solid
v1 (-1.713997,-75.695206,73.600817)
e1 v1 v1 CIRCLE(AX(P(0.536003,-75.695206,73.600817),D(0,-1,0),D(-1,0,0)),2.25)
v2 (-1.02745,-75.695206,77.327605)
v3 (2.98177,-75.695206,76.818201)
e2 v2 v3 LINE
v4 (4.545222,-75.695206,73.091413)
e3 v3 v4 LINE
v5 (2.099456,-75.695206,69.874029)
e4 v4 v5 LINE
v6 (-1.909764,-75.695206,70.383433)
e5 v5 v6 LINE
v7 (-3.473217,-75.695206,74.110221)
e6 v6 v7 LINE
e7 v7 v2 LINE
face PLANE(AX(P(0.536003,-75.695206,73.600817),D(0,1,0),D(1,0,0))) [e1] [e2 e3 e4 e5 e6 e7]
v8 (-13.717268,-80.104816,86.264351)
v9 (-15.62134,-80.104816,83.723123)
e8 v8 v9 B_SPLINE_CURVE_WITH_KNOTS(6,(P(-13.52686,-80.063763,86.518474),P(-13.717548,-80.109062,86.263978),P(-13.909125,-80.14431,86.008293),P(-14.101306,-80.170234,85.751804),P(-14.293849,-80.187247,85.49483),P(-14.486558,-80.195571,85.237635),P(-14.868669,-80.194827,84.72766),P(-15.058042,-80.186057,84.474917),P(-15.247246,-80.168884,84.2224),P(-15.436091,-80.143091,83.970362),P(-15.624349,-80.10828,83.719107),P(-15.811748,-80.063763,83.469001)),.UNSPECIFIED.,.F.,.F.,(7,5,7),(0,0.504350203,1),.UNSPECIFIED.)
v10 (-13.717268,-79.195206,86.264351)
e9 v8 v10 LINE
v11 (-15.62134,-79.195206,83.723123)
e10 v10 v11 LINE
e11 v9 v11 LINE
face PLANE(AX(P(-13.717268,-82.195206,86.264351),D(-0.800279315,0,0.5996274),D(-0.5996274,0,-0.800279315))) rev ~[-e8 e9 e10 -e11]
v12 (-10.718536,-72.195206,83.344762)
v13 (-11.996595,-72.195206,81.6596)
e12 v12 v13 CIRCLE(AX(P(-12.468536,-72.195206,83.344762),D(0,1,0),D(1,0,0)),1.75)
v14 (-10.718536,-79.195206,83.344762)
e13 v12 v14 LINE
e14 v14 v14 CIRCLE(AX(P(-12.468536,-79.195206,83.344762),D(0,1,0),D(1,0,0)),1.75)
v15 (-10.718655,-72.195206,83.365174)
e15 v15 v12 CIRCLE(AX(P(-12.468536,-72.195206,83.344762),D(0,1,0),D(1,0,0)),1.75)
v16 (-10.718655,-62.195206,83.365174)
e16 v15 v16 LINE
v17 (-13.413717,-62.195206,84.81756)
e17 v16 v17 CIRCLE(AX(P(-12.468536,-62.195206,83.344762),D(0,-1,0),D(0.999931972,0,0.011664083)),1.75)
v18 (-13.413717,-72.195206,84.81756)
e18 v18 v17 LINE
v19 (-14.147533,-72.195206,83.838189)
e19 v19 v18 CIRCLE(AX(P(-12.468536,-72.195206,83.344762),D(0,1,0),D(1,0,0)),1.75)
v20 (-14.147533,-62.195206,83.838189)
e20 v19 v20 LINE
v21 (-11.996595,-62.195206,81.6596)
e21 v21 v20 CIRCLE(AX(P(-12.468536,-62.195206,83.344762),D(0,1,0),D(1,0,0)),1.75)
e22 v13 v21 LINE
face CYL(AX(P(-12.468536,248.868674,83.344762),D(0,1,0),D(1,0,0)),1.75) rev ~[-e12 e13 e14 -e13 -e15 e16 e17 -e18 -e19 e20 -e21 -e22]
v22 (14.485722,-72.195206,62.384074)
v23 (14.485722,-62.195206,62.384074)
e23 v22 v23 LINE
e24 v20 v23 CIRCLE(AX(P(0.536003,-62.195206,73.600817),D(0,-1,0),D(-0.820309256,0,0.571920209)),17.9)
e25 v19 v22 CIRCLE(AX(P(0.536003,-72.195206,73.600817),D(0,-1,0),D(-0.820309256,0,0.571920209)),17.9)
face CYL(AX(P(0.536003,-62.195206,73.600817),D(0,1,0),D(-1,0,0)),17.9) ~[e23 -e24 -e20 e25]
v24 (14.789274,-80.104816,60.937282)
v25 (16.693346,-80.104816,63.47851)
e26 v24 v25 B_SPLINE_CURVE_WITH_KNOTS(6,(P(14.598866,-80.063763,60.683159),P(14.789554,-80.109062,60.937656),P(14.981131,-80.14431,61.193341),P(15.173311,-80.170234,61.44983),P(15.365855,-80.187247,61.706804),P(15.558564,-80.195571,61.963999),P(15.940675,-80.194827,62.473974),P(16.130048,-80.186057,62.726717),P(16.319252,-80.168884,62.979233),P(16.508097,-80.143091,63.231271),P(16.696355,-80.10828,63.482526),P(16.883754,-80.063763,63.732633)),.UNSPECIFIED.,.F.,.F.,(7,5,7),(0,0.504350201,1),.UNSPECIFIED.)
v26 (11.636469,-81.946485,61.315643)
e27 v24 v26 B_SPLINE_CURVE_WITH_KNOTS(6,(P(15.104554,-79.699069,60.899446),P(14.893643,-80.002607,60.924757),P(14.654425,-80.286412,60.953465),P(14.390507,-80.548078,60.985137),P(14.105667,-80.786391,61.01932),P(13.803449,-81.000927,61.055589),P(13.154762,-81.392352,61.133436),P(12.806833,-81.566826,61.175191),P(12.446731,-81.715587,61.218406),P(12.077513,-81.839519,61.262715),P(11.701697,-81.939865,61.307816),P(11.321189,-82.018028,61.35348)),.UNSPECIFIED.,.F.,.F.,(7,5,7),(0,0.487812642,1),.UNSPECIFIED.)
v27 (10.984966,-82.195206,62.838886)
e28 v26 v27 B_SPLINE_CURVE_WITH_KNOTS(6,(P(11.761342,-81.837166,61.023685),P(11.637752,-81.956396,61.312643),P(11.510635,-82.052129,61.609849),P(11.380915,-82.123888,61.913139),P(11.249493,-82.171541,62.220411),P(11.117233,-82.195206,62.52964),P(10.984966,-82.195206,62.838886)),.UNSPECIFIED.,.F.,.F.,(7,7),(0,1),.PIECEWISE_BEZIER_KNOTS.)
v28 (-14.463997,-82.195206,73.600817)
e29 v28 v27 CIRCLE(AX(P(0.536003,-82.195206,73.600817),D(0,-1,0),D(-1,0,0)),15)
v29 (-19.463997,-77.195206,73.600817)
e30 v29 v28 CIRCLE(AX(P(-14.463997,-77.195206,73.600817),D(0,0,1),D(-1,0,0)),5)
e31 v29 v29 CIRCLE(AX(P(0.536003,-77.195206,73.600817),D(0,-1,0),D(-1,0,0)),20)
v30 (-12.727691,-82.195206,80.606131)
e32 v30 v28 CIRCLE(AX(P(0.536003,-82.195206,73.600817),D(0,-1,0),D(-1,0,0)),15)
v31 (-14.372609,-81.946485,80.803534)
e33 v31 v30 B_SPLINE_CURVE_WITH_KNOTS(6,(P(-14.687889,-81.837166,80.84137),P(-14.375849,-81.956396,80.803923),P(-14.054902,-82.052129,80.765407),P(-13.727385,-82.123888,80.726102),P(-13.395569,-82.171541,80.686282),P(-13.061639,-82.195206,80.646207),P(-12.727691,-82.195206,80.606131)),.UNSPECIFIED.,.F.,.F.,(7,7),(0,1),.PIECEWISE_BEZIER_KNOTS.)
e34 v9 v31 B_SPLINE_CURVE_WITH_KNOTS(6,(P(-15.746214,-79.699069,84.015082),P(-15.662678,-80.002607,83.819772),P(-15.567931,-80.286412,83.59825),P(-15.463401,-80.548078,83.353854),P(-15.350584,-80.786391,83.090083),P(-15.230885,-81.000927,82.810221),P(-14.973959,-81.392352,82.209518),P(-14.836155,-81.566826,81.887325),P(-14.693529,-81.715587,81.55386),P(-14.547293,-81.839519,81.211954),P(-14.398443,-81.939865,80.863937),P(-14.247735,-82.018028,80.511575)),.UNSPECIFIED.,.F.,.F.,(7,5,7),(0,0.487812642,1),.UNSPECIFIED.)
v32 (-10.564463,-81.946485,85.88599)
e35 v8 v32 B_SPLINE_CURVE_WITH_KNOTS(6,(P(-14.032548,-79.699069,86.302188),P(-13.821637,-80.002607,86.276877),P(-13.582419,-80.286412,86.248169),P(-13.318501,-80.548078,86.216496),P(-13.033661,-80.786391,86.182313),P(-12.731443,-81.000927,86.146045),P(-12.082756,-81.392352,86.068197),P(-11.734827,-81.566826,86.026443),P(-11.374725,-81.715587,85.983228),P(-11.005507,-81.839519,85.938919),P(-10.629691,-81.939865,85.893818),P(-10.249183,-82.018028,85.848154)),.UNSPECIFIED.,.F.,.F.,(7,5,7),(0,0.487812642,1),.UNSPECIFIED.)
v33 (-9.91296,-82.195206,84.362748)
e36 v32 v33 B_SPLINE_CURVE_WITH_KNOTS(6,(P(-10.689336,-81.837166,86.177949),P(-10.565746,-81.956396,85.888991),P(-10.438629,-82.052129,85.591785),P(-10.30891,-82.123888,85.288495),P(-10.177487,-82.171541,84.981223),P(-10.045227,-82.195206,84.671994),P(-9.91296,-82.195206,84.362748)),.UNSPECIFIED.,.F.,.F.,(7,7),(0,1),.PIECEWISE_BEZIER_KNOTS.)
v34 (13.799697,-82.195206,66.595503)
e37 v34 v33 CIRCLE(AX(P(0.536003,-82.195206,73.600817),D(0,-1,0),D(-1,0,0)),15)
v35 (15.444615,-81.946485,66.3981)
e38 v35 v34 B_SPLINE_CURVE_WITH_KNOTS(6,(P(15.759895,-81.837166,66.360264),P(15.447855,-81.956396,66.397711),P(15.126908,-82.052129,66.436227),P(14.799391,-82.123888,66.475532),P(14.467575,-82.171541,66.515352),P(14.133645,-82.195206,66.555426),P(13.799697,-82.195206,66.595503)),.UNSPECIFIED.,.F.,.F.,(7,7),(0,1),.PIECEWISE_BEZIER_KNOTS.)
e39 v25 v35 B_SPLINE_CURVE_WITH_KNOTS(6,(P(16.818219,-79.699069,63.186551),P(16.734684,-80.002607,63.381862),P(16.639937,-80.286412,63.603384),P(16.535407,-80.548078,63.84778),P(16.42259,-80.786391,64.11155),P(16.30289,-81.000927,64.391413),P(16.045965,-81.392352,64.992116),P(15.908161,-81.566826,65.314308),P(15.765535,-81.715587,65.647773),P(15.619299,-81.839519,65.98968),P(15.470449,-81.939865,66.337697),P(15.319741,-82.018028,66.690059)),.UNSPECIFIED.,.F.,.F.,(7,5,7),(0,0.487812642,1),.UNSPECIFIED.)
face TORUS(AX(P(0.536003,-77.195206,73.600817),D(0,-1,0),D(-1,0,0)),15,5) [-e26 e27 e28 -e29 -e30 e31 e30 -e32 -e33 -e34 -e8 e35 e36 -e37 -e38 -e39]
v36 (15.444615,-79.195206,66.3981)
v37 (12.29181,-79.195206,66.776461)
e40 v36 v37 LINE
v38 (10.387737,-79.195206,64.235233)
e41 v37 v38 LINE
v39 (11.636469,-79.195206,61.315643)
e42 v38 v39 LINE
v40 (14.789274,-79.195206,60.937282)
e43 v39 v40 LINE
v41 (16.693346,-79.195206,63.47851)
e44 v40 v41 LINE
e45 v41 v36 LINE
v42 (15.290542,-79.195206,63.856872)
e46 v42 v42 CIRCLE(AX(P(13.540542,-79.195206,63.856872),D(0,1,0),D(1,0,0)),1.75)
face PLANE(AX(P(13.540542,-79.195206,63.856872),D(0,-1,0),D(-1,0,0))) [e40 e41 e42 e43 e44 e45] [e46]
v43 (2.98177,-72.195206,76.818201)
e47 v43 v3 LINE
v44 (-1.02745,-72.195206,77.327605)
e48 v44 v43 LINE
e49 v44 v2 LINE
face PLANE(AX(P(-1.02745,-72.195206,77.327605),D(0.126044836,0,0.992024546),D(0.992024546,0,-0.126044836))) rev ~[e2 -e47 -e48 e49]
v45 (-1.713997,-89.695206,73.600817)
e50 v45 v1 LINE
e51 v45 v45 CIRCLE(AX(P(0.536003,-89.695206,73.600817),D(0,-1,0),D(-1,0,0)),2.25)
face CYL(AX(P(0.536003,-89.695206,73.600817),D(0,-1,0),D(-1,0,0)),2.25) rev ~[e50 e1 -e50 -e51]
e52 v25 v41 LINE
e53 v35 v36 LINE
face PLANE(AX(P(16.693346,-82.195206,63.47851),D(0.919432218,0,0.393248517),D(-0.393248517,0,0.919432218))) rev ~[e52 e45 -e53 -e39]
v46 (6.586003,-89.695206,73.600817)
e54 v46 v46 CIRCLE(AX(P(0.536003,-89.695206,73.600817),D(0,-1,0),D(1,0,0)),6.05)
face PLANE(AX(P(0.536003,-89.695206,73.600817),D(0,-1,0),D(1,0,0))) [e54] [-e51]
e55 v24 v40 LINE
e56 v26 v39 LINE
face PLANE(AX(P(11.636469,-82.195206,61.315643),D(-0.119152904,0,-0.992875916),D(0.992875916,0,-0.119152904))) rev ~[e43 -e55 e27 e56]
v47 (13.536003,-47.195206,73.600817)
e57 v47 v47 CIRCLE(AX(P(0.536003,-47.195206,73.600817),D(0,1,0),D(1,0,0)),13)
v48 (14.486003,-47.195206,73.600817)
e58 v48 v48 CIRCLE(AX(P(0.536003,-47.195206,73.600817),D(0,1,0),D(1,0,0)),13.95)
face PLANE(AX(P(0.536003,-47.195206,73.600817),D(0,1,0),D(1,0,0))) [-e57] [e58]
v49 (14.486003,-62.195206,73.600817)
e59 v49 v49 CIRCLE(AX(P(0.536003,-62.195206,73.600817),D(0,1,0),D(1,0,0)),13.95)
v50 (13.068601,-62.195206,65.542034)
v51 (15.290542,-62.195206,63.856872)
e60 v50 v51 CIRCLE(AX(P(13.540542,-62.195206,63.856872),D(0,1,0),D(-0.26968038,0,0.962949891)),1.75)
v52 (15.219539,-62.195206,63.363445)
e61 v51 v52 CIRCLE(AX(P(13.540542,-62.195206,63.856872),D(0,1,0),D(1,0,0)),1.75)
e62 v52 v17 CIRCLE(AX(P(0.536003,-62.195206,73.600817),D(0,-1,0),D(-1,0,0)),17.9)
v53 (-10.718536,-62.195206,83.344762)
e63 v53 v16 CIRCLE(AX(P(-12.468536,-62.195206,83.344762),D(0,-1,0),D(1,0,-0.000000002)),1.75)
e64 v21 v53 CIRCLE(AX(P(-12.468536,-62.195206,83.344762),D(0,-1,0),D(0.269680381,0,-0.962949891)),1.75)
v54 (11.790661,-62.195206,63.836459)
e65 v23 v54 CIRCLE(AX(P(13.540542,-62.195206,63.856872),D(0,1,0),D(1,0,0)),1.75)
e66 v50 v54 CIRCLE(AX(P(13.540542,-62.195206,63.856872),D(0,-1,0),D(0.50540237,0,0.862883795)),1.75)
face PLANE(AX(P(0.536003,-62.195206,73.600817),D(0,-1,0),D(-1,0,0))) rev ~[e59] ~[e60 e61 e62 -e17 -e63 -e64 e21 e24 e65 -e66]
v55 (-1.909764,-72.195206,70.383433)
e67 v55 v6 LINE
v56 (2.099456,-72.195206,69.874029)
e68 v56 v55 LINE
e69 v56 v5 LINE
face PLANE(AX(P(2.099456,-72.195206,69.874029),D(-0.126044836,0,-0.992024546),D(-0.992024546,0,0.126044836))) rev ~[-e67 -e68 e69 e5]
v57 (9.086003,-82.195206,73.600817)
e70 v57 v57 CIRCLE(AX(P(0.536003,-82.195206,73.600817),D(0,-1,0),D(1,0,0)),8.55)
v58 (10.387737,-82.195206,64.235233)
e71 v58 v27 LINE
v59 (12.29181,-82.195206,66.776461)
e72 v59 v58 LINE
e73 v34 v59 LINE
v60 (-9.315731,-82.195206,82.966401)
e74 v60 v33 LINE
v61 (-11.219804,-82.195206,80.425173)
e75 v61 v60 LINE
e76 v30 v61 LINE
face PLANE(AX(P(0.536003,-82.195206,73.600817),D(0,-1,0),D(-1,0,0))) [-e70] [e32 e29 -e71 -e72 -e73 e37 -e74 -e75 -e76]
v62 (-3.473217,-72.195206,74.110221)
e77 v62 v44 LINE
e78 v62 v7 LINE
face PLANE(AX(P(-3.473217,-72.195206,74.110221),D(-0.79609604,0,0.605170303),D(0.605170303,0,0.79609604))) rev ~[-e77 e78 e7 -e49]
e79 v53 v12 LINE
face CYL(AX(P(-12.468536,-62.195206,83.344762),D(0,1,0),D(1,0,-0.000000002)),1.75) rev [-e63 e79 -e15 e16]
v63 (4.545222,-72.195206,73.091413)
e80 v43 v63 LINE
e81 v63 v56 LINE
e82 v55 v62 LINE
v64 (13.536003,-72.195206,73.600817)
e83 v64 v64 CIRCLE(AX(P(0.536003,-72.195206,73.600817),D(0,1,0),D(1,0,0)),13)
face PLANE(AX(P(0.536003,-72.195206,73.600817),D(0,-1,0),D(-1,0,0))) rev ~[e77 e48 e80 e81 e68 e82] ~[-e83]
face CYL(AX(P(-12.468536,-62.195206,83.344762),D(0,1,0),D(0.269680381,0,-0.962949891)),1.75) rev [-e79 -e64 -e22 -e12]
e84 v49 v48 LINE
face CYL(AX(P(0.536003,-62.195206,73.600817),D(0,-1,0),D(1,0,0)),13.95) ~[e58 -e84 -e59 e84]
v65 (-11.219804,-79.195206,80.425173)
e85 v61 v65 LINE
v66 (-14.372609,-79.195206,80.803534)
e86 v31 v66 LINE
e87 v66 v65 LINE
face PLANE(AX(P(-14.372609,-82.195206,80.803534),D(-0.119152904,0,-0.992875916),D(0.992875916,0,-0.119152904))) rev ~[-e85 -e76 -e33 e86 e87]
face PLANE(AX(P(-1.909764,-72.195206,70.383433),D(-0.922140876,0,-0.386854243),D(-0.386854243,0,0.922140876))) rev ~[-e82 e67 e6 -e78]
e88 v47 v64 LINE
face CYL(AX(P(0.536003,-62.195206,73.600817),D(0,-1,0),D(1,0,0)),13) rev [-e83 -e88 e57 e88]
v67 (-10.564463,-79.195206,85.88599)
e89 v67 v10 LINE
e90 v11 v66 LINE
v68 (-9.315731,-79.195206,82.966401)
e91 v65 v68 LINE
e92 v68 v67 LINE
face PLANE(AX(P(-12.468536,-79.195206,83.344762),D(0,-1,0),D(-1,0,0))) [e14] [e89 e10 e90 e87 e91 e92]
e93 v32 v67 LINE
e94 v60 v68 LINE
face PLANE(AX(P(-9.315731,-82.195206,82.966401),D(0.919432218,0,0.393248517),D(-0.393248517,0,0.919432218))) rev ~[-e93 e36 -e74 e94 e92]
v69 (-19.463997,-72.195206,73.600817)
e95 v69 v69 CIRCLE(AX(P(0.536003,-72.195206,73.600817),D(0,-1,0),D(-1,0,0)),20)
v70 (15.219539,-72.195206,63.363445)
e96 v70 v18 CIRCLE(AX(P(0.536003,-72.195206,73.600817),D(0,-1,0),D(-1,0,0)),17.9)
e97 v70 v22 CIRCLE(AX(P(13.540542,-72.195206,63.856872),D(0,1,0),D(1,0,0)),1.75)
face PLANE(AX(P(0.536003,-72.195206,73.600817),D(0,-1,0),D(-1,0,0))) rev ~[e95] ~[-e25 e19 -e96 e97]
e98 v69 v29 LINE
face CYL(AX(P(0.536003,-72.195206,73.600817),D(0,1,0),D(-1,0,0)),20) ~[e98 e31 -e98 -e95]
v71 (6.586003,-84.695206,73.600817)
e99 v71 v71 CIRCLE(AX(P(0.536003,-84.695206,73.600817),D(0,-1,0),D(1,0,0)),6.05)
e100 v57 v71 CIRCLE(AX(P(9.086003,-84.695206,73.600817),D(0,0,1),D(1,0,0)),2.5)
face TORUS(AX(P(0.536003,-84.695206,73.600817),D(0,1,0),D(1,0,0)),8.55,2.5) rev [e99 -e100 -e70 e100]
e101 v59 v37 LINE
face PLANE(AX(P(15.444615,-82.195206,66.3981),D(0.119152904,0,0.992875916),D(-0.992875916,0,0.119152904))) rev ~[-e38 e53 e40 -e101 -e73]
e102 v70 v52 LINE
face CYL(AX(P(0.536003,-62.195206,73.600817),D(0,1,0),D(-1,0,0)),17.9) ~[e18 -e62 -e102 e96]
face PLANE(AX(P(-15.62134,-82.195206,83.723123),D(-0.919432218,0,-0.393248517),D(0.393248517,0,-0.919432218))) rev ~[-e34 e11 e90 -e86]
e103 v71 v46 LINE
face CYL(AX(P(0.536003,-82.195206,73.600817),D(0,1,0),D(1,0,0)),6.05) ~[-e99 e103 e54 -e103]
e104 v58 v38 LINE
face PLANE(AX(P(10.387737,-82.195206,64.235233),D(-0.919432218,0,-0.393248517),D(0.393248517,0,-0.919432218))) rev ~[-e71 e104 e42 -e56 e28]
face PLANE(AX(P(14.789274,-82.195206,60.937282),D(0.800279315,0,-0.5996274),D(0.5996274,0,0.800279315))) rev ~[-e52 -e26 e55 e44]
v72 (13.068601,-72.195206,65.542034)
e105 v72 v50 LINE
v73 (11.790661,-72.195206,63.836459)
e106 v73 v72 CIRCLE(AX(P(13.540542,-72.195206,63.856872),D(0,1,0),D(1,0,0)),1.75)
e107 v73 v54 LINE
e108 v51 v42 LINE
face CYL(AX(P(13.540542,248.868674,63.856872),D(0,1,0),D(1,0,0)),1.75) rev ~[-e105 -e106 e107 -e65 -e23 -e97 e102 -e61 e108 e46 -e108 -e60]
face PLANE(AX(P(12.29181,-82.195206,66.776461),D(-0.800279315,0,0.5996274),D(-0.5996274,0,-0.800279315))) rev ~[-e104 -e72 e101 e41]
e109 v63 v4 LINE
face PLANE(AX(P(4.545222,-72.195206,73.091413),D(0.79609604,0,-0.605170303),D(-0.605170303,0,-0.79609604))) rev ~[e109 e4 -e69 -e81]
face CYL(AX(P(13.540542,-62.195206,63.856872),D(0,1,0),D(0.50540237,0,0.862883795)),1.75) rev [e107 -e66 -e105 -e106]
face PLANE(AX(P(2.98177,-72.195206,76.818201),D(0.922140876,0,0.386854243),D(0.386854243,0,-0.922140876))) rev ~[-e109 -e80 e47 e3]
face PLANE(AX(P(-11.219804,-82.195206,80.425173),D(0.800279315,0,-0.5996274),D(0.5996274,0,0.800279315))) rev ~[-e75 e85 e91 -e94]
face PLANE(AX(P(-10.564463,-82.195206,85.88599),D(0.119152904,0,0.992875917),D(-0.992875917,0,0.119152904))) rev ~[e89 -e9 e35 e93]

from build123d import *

# Parameters (mm, degrees)
SKETCH1_R               = 17.9
SKETCH1_R_2             = 14.9
BOSS_EXTRUDE1_DEPTH     = 10
SKETCH2_R               = 20
BOSS_EXTRUDE2_DEPTH     = 10
FILLET1_R               = 5
SKETCH3_R               = 1.75
CUT_EXTRUDE1_DEPTH      = 1
CUT_EXTRUDE1_DEPTH_BACK = 332.06387935
CUT_EXTRUDE3_DEPTH      = 3
SKETCH8_R               = 13
BOSS_EXTRUDE3_DEPTH     = 10
SKETCH9_R               = 6.05
BOSS_EXTRUDE4_DEPTH     = 7.5
FILLET2_R               = 2.5
SKETCH11_R              = 2.25
CUT_EXTRUDE4_DEPTH      = 17.5
CUT_EXTRUDE5_DEPTH      = 3.5
SKETCH13_R              = 13.95
SKETCH13_R_2            = 13
BOSS_EXTRUDE5_DEPTH     = 15


with BuildPart() as part:
    # Sketch1 → Boss-Extrude1 (new body)
    with BuildSketch(Plane(origin=(0, -62.195205507, 0), x_dir=(-1, 0, 0), z_dir=(0, -1, 0))):
        with Locations((-0.536002938, -73.600816835)):
            Circle(SKETCH1_R)
        with Locations((-0.536002938, -73.600816835)):
            Circle(SKETCH1_R_2, mode=Mode.SUBTRACT)
    extrude(amount=BOSS_EXTRUDE1_DEPTH)

    # Sketch2 → Boss-Extrude2 (add)
    with BuildSketch(Plane(origin=(0, -72.195205507, 0), x_dir=(-1, 0, 0), z_dir=(0, -1, 0))):
        with Locations((-0.536002938, -73.600816835)):
            Circle(SKETCH2_R)
    extrude(amount=BOSS_EXTRUDE2_DEPTH)

    # Fillet1
    fillet1_edges = [part.edges().sort_by_distance(p)[0] for p in [
        (20.536002938, -82.195205507, 73.600816835),
    ]]
    fillet(fillet1_edges, radius=FILLET1_R)

    # Sketch3 → Cut-Extrude1 (cut, two sides)
    with BuildSketch(Plane(origin=(0, 248.868673843, 0), x_dir=(1, 0, 0), z_dir=(0, 1, 0))) as cut_extrude1_sk:
        with Locations((-12.468535925, -83.344762082)):
            Circle(SKETCH3_R)
        with Locations((13.5405418, -63.856871588)):
            Circle(SKETCH3_R)
    extrude(amount=CUT_EXTRUDE1_DEPTH, mode=Mode.SUBTRACT)
    extrude(cut_extrude1_sk.sketch, amount=-CUT_EXTRUDE1_DEPTH_BACK, mode=Mode.SUBTRACT)

    # Sketch7 → Cut-Extrude3 (cut)
    with BuildSketch(Plane(origin=(0, -82.195205507, 0), x_dir=(-1, 0, 0), z_dir=(0, -1, 0))):
        Polygon((10.564463201, -85.88599021), (13.717267678, -86.264351495), (15.621340402, -83.723123368), (14.372608649, -80.803533955), (11.219804171, -80.425172669), (9.315731448, -82.966400796), align=None)
        Polygon((-15.444614524, -66.398099716), (-12.291810047, -66.776461002), (-10.387737323, -64.235232874), (-11.636469076, -61.315643461), (-14.789273554, -60.937282175), (-16.693346277, -63.478510303), align=None)
    extrude(amount=-CUT_EXTRUDE3_DEPTH, mode=Mode.SUBTRACT)

    # Sketch8 → Boss-Extrude3 (add)
    with BuildSketch(Plane(origin=(0, -62.195205507, 0), x_dir=(1, 0, 0), z_dir=(0, 1, 0))):
        with BuildLine():
            ThreePointArc((16.682247488, -73.600816835), (16.107712715, -69.331968315), (14.424995948, -65.36691823))
            ThreePointArc((14.424995948, -65.36691823), (12.661441741, -65.370041468), (11.790660849, -63.836459442))
            ThreePointArc((11.790660849, -63.836459442), (-8.398445319, -61.676655048), (-11.996595259, -81.659599773))
            ThreePointArc((-11.996595259, -81.659599773), (-11.074190888, -82.287264131), (-10.718535925, -83.344762082))
            ThreePointArc((-10.718535925, -83.344762082), (-10.861687777, -84.037971309), (-11.267723389, -84.617770038))
            ThreePointArc((-11.267723389, -84.617770038), (6.456955614, -88.622252601), (16.682247488, -73.600816835))
        make_face()
        with Locations((0.536002938, -73.600816835)):
            Circle(SKETCH8_R, mode=Mode.SUBTRACT)
    extrude(amount=-BOSS_EXTRUDE3_DEPTH)

    # Sketch9 → Boss-Extrude4 (add)
    with BuildSketch(Plane.XZ.offset(82.195205507)):
        with Locations((0.536002938, 73.600816835)):
            Circle(SKETCH9_R)
    extrude(amount=BOSS_EXTRUDE4_DEPTH)

    # Fillet2
    fillet2_edges = [part.edges().sort_by_distance(p)[0] for p in [
        (-5.513997062, -82.195205507, 73.600816835),
    ]]
    fillet(fillet2_edges, radius=FILLET2_R)

    # Sketch11 → Cut-Extrude4 (cut)
    with BuildSketch(Plane(origin=(0, -89.695205507, 0), x_dir=(-1, 0, 0), z_dir=(0, -1, 0))):
        with Locations((-0.536002938, -73.600816835)):
            Circle(SKETCH11_R)
    extrude(amount=-CUT_EXTRUDE4_DEPTH, mode=Mode.SUBTRACT)

    # Sketch12 → Cut-Extrude5 (cut)
    with BuildSketch(Plane(origin=(0, -72.195205507, 0), x_dir=(1, 0, 0), z_dir=(0, 1, 0))):
        Polygon((2.981769599, -76.818200675), (4.545222407, -73.091412695), (2.099455746, -69.874028855), (-1.909763723, -70.383432996), (-3.473216532, -74.110220976), (-1.027449871, -77.327604816), align=None)
    extrude(amount=-CUT_EXTRUDE5_DEPTH, mode=Mode.SUBTRACT)

    # Sketch13 → Boss-Extrude5 (add)
    with BuildSketch(Plane(origin=(0, -62.195205507, 0), x_dir=(1, 0, 0), z_dir=(0, 1, 0))):
        with Locations((0.536002938, -73.600816835)):
            Circle(SKETCH13_R)
        with Locations((0.536002938, -73.600816835)):
            Circle(SKETCH13_R_2, mode=Mode.SUBTRACT)
    extrude(amount=BOSS_EXTRUDE5_DEPTH)


solid = part.part
